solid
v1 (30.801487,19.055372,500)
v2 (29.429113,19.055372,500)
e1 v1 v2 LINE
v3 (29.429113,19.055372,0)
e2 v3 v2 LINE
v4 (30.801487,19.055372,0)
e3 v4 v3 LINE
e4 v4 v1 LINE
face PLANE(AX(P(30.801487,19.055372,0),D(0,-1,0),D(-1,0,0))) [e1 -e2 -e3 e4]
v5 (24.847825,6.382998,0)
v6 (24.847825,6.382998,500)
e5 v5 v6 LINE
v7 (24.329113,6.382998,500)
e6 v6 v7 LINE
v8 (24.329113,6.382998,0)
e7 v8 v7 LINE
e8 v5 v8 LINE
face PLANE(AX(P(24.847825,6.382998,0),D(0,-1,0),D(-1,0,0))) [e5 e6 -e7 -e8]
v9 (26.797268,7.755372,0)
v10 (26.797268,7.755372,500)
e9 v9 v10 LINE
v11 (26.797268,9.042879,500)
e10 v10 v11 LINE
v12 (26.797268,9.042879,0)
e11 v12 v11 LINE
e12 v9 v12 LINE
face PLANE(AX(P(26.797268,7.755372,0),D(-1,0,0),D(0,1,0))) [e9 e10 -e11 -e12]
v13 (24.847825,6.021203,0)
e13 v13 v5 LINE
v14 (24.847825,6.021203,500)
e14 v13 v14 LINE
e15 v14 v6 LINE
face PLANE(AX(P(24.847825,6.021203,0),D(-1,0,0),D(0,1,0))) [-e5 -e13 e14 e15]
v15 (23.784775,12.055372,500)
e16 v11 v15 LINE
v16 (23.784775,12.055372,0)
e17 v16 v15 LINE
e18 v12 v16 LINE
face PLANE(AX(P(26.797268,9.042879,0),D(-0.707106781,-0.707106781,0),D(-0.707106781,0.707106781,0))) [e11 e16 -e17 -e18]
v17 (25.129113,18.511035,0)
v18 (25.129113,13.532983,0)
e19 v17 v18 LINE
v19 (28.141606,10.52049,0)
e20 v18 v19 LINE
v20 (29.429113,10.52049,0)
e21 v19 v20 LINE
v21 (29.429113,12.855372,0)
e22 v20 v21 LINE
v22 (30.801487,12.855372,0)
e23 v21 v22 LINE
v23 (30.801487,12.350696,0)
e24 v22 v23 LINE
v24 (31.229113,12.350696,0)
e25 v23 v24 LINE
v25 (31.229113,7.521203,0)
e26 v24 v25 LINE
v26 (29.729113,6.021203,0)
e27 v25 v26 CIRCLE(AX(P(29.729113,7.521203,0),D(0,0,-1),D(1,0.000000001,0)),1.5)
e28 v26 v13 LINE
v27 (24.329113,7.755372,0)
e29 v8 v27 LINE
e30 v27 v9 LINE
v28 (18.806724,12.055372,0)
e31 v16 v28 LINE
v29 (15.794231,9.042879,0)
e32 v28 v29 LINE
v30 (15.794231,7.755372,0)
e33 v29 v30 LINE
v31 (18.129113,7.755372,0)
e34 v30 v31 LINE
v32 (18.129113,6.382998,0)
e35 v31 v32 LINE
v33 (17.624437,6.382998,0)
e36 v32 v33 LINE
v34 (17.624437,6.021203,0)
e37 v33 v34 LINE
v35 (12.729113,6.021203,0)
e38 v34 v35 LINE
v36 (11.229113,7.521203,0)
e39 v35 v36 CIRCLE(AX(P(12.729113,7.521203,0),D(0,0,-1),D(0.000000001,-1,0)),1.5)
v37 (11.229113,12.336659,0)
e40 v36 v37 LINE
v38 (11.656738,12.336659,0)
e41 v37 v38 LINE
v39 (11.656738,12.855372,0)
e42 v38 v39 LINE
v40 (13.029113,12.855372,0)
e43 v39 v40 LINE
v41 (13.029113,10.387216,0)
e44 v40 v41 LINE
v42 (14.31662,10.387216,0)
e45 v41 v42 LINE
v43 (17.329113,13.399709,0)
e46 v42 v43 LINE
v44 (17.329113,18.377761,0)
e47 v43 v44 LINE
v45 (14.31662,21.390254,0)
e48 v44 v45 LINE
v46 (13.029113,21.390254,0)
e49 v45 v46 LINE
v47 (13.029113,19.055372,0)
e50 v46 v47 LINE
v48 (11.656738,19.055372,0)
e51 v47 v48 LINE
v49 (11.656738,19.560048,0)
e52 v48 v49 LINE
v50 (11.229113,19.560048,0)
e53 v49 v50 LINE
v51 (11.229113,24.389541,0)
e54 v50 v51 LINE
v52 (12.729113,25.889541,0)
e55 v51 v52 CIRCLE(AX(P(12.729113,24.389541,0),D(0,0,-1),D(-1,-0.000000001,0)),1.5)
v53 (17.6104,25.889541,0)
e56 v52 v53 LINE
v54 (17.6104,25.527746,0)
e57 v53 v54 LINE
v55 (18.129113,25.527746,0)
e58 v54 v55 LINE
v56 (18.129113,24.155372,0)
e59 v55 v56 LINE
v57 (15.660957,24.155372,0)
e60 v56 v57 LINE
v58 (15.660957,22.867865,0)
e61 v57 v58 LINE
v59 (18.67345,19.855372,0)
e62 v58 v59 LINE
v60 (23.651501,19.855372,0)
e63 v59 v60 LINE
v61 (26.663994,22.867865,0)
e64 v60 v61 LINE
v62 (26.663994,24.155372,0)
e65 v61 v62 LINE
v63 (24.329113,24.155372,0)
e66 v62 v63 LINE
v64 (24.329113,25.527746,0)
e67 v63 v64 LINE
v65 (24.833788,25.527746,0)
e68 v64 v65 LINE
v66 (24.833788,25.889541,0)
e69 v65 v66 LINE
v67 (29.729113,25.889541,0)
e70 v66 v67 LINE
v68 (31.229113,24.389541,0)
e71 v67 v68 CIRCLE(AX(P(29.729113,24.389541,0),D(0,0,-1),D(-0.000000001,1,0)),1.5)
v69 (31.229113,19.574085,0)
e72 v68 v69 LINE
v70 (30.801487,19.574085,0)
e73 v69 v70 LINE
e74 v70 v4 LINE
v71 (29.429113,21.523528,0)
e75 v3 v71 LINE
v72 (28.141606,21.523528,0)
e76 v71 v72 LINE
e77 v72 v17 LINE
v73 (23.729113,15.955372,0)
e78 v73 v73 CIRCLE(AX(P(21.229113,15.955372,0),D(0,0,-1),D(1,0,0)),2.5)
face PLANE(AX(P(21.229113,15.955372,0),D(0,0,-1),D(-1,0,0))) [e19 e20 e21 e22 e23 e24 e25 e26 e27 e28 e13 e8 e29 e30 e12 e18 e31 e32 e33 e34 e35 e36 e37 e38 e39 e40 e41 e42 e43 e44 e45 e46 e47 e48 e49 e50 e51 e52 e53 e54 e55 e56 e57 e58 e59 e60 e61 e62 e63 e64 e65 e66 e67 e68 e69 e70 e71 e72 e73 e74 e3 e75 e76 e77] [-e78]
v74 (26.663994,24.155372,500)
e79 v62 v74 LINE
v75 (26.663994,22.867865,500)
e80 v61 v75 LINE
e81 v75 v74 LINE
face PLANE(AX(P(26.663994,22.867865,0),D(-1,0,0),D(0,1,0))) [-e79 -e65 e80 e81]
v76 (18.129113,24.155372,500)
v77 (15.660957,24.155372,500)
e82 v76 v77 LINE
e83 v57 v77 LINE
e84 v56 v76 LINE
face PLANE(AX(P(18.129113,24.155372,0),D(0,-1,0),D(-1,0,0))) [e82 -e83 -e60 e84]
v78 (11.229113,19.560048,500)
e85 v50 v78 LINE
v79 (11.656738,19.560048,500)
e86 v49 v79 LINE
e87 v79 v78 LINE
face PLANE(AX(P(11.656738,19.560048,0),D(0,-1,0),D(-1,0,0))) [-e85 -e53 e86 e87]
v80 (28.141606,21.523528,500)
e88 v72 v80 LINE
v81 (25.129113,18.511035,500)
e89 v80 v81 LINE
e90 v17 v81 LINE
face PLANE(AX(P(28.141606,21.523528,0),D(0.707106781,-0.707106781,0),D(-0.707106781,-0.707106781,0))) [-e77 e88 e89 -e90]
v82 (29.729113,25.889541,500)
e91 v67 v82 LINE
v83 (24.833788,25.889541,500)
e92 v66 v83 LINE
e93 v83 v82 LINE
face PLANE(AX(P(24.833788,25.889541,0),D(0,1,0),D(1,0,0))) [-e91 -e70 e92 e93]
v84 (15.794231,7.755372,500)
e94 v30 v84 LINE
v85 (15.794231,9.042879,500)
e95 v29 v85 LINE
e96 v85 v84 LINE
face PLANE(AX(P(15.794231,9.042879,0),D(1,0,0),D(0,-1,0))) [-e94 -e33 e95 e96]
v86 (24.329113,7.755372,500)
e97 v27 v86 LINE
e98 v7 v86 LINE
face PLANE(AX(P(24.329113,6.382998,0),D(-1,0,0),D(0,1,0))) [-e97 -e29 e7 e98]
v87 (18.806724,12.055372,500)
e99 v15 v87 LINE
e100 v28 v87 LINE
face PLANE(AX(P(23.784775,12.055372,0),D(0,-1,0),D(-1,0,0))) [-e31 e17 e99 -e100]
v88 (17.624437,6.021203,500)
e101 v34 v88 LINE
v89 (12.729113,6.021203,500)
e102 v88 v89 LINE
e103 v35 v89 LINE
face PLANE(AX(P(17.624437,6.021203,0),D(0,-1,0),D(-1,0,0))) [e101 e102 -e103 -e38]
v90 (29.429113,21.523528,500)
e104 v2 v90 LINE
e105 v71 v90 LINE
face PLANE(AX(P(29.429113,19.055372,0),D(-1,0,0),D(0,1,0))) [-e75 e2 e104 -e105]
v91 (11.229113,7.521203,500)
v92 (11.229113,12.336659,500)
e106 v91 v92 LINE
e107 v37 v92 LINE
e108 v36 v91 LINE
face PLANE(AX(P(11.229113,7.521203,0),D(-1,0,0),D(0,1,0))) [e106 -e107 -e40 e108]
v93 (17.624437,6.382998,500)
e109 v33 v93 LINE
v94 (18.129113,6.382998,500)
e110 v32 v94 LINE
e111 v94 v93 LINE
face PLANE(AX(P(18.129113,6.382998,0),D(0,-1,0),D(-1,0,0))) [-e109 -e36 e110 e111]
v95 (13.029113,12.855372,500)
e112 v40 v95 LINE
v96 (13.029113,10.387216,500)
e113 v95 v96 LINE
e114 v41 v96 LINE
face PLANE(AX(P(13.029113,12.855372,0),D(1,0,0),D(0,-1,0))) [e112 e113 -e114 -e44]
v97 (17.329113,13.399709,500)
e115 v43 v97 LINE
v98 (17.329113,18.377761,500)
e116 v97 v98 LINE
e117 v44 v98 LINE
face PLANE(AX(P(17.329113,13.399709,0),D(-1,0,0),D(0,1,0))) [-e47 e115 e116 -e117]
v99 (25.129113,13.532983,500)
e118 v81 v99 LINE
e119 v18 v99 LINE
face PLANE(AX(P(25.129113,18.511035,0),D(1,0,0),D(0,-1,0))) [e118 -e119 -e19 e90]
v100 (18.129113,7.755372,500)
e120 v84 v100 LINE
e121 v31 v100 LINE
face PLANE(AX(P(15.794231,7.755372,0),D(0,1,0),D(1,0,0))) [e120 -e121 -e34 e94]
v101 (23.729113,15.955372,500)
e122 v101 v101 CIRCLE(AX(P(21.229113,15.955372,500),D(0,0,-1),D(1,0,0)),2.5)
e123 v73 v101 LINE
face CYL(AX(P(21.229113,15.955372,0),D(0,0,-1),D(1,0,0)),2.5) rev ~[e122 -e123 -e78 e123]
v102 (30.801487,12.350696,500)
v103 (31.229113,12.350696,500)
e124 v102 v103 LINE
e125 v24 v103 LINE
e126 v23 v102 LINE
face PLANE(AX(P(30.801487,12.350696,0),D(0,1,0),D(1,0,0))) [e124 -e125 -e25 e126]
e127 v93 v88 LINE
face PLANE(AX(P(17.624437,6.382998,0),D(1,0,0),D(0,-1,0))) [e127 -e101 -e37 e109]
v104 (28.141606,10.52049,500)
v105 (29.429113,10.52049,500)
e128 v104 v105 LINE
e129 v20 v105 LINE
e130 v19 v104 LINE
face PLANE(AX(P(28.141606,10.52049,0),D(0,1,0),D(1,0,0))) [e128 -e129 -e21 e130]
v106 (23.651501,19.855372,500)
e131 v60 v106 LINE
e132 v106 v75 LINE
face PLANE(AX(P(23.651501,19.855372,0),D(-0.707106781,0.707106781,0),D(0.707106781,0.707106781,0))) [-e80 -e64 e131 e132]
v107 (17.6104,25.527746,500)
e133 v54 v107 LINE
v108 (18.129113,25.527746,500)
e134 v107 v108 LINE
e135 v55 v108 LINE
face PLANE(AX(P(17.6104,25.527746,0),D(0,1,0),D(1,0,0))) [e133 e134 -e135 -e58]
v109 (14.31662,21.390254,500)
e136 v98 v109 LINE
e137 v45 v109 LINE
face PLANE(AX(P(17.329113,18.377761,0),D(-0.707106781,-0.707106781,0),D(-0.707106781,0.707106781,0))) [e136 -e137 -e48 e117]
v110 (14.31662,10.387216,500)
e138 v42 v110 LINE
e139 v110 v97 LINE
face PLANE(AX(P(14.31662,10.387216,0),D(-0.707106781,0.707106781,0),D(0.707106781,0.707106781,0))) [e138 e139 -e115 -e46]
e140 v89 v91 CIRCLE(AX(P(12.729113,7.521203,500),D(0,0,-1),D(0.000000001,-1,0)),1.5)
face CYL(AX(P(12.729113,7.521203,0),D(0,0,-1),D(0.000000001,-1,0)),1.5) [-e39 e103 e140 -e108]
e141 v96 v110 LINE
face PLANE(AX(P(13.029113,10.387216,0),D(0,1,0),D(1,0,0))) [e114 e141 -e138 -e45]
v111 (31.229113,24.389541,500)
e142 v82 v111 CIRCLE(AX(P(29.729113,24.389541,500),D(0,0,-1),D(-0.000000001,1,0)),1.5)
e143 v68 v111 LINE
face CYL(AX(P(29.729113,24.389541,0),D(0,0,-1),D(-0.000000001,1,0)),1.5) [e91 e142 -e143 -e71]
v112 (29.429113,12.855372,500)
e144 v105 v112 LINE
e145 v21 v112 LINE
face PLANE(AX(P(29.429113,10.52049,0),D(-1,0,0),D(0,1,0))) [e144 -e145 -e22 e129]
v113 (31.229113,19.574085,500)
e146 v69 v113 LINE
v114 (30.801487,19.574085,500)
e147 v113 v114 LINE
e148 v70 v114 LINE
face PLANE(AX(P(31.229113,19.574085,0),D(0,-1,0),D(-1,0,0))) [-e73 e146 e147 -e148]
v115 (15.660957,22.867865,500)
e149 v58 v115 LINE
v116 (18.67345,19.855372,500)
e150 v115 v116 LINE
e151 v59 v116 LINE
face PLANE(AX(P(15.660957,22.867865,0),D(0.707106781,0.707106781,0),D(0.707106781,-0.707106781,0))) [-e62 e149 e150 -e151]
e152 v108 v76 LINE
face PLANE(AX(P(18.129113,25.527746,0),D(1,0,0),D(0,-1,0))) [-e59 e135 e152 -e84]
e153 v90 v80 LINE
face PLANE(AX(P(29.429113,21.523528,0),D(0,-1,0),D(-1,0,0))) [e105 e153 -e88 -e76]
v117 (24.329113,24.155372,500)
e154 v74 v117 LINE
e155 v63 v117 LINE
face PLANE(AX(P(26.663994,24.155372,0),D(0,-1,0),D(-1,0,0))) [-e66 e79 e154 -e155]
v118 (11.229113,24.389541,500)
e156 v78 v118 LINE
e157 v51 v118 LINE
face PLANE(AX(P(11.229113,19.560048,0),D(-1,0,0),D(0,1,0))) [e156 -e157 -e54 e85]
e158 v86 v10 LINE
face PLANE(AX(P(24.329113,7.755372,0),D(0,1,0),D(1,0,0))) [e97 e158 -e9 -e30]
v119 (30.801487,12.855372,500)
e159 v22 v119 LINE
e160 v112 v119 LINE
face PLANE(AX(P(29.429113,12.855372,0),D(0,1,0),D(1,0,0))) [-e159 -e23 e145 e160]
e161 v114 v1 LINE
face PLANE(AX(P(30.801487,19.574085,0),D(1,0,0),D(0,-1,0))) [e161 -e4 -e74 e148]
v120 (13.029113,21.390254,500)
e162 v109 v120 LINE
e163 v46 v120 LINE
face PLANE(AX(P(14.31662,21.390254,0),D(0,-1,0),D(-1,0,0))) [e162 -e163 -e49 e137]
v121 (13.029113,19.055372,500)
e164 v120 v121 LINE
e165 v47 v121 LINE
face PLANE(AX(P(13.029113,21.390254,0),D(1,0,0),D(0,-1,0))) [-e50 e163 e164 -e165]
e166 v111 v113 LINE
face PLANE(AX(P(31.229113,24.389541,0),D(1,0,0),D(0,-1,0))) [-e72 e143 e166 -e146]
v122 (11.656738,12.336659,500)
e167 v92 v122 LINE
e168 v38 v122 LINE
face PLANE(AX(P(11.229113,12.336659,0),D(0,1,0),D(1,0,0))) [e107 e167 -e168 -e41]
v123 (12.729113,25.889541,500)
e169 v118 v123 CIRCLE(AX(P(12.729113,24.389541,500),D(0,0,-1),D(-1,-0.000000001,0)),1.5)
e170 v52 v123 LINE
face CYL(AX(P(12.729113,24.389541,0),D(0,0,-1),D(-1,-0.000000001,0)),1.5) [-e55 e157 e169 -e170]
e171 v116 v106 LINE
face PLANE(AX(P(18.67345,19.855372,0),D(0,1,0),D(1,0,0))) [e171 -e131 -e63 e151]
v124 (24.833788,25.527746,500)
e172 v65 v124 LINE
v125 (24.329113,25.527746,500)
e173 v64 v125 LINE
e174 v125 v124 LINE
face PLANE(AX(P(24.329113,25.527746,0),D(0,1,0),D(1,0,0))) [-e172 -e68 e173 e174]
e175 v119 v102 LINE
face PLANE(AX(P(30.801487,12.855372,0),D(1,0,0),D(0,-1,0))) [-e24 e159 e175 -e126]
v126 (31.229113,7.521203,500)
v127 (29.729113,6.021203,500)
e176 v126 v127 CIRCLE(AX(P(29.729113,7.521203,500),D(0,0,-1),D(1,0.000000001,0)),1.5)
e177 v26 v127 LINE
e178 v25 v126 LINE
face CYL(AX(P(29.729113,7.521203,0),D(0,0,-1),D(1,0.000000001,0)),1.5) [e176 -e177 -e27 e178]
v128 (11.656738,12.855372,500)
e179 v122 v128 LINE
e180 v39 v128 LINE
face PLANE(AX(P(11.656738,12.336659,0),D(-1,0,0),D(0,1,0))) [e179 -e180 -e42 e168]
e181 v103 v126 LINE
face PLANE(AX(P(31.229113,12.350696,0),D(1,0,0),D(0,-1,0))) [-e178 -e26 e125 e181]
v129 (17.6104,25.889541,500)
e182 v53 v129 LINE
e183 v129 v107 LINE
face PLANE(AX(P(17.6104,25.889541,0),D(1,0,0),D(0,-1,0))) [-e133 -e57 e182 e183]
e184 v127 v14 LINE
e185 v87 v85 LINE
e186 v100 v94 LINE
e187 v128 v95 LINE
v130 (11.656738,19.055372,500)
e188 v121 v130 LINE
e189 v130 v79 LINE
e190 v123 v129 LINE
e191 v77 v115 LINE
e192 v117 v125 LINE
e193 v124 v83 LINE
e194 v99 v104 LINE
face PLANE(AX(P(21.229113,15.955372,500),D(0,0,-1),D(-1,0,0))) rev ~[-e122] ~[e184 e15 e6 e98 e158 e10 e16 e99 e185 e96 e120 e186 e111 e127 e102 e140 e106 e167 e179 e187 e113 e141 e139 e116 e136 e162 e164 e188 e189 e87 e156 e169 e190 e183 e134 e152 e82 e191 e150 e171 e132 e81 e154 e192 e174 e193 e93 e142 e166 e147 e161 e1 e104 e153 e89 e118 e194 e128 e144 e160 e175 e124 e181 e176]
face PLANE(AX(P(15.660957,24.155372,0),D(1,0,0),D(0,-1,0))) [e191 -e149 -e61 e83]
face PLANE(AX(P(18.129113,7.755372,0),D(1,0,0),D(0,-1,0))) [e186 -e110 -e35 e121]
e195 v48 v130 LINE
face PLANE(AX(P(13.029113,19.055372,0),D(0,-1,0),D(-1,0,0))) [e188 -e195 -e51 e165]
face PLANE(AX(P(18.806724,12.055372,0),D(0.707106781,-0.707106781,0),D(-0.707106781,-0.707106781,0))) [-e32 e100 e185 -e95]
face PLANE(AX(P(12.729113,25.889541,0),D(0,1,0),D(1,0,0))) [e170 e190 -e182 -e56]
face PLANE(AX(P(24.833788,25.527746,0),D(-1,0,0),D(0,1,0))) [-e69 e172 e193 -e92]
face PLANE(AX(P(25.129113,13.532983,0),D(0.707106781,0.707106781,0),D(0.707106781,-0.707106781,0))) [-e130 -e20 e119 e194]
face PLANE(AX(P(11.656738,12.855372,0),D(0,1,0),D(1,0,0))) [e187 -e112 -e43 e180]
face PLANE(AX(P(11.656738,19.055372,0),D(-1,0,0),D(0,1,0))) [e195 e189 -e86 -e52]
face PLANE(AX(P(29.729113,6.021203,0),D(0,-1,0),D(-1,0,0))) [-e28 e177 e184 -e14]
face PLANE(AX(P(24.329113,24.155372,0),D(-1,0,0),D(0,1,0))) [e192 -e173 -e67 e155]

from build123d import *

# Parameters (mm, degrees)
SKETCH1_R           = 2.5
BOSS_EXTRUDE1_DEPTH = 500


with BuildPart() as part:
    # Sketch1 → Boss-Extrude1 (new body)
    with BuildSketch(Plane(origin=(0, 0, 0), x_dir=(-1, 0, 0), z_dir=(0, 0, -1))):
        with BuildLine():
            Line((-31.229112559, 24.389540696), (-31.229112559, 19.574084592))
            Line((-31.229112559, 19.574084592), (-30.801486653, 19.574084592))
            Line((-30.801486653, 19.574084592), (-30.801486653, 19.055371932))
            Line((-30.801486653, 19.055371932), (-29.429112559, 19.055371932))
            Line((-29.429112559, 19.055371932), (-29.429112559, 21.523527696))
            Line((-29.429112559, 21.523527696), (-28.141605593, 21.523527696))
            Line((-28.141605593, 21.523527696), (-25.129112559, 18.511034662))
            Line((-25.129112559, 18.511034662), (-25.129112559, 13.532983276))
            Line((-25.129112559, 13.532983276), (-28.141605593, 10.520490242))
            Line((-28.141605593, 10.520490242), (-29.429112559, 10.520490242))
            Line((-29.429112559, 10.520490242), (-29.429112559, 12.855371932))
            Line((-29.429112559, 12.855371932), (-30.801486653, 12.855371932))
            Line((-30.801486653, 12.855371932), (-30.801486653, 12.350696072))
            Line((-30.801486653, 12.350696072), (-31.229112559, 12.350696072))
            Line((-31.229112559, 12.350696072), (-31.229112559, 7.521203168))
            ThreePointArc((-31.229112559, 7.521203168), (-30.789772731, 6.460542996), (-29.729112559, 6.021203168))
            Line((-29.729112559, 6.021203168), (-24.847825219, 6.021203168))
            Line((-24.847825219, 6.021203168), (-24.847825219, 6.382997838))
            Line((-24.847825219, 6.382997838), (-24.329112559, 6.382997838))
            Line((-24.329112559, 6.382997838), (-24.329112559, 7.755371932))
            Line((-24.329112559, 7.755371932), (-26.797268323, 7.755371932))
            Line((-26.797268323, 7.755371932), (-26.797268323, 9.042878898))
            Line((-26.797268323, 9.042878898), (-23.784775289, 12.055371932))
            Line((-23.784775289, 12.055371932), (-18.806723903, 12.055371932))
            Line((-18.806723903, 12.055371932), (-15.794230869, 9.042878898))
            Line((-15.794230869, 9.042878898), (-15.794230869, 7.755371932))
            Line((-15.794230869, 7.755371932), (-18.129112559, 7.755371932))
            Line((-18.129112559, 7.755371932), (-18.129112559, 6.382997838))
            Line((-18.129112559, 6.382997838), (-17.624436699, 6.382997838))
            Line((-17.624436699, 6.382997838), (-17.624436699, 6.021203168))
            Line((-17.624436699, 6.021203168), (-12.729112559, 6.021203168))
            ThreePointArc((-12.729112559, 6.021203168), (-11.668452387, 6.460542996), (-11.229112559, 7.521203168))
            Line((-11.229112559, 7.521203168), (-11.229112559, 12.336659272))
            Line((-11.229112559, 12.336659272), (-11.656738465, 12.336659272))
            Line((-11.656738465, 12.336659272), (-11.656738465, 12.855371932))
            Line((-11.656738465, 12.855371932), (-13.029112559, 12.855371932))
            Line((-13.029112559, 12.855371932), (-13.029112559, 10.387216168))
            Line((-13.029112559, 10.387216168), (-14.316619525, 10.387216168))
            Line((-14.316619525, 10.387216168), (-17.329112559, 13.399709202))
            Line((-17.329112559, 13.399709202), (-17.329112559, 18.377760588))
            Line((-17.329112559, 18.377760588), (-14.316619525, 21.390253622))
            Line((-14.316619525, 21.390253622), (-13.029112559, 21.390253622))
            Line((-13.029112559, 21.390253622), (-13.029112559, 19.055371932))
            Line((-13.029112559, 19.055371932), (-11.656738465, 19.055371932))
            Line((-11.656738465, 19.055371932), (-11.656738465, 19.560047792))
            Line((-11.656738465, 19.560047792), (-11.229112559, 19.560047792))
            Line((-11.229112559, 19.560047792), (-11.229112559, 24.389540696))
            ThreePointArc((-11.229112559, 24.389540696), (-11.668452387, 25.450200868), (-12.729112559, 25.889540696))
            Line((-12.729112559, 25.889540696), (-17.610399899, 25.889540696))
            Line((-17.610399899, 25.889540696), (-17.610399899, 25.527746026))
            Line((-17.610399899, 25.527746026), (-18.129112559, 25.527746026))
            Line((-18.129112559, 25.527746026), (-18.129112559, 24.155371932))
            Line((-18.129112559, 24.155371932), (-15.660956795, 24.155371932))
            Line((-15.660956795, 24.155371932), (-15.660956795, 22.867864966))
            Line((-15.660956795, 22.867864966), (-18.673449829, 19.855371932))
            Line((-18.673449829, 19.855371932), (-23.651501215, 19.855371932))
            Line((-23.651501215, 19.855371932), (-26.663994249, 22.867864966))
            Line((-26.663994249, 22.867864966), (-26.663994249, 24.155371932))
            Line((-26.663994249, 24.155371932), (-24.329112559, 24.155371932))
            Line((-24.329112559, 24.155371932), (-24.329112559, 25.527746026))
            Line((-24.329112559, 25.527746026), (-24.833788419, 25.527746026))
            Line((-24.833788419, 25.527746026), (-24.833788419, 25.889540696))
            Line((-24.833788419, 25.889540696), (-29.729112559, 25.889540696))
            ThreePointArc((-29.729112559, 25.889540696), (-30.789772731, 25.450200868), (-31.229112559, 24.389540696))
        make_face()
        with Locations(Location((-21.229112559, 15.955371932, 0), (0, 0, 180))):
            Circle(SKETCH1_R, mode=Mode.SUBTRACT)
    extrude(amount=-BOSS_EXTRUDE1_DEPTH)


solid = part.part
